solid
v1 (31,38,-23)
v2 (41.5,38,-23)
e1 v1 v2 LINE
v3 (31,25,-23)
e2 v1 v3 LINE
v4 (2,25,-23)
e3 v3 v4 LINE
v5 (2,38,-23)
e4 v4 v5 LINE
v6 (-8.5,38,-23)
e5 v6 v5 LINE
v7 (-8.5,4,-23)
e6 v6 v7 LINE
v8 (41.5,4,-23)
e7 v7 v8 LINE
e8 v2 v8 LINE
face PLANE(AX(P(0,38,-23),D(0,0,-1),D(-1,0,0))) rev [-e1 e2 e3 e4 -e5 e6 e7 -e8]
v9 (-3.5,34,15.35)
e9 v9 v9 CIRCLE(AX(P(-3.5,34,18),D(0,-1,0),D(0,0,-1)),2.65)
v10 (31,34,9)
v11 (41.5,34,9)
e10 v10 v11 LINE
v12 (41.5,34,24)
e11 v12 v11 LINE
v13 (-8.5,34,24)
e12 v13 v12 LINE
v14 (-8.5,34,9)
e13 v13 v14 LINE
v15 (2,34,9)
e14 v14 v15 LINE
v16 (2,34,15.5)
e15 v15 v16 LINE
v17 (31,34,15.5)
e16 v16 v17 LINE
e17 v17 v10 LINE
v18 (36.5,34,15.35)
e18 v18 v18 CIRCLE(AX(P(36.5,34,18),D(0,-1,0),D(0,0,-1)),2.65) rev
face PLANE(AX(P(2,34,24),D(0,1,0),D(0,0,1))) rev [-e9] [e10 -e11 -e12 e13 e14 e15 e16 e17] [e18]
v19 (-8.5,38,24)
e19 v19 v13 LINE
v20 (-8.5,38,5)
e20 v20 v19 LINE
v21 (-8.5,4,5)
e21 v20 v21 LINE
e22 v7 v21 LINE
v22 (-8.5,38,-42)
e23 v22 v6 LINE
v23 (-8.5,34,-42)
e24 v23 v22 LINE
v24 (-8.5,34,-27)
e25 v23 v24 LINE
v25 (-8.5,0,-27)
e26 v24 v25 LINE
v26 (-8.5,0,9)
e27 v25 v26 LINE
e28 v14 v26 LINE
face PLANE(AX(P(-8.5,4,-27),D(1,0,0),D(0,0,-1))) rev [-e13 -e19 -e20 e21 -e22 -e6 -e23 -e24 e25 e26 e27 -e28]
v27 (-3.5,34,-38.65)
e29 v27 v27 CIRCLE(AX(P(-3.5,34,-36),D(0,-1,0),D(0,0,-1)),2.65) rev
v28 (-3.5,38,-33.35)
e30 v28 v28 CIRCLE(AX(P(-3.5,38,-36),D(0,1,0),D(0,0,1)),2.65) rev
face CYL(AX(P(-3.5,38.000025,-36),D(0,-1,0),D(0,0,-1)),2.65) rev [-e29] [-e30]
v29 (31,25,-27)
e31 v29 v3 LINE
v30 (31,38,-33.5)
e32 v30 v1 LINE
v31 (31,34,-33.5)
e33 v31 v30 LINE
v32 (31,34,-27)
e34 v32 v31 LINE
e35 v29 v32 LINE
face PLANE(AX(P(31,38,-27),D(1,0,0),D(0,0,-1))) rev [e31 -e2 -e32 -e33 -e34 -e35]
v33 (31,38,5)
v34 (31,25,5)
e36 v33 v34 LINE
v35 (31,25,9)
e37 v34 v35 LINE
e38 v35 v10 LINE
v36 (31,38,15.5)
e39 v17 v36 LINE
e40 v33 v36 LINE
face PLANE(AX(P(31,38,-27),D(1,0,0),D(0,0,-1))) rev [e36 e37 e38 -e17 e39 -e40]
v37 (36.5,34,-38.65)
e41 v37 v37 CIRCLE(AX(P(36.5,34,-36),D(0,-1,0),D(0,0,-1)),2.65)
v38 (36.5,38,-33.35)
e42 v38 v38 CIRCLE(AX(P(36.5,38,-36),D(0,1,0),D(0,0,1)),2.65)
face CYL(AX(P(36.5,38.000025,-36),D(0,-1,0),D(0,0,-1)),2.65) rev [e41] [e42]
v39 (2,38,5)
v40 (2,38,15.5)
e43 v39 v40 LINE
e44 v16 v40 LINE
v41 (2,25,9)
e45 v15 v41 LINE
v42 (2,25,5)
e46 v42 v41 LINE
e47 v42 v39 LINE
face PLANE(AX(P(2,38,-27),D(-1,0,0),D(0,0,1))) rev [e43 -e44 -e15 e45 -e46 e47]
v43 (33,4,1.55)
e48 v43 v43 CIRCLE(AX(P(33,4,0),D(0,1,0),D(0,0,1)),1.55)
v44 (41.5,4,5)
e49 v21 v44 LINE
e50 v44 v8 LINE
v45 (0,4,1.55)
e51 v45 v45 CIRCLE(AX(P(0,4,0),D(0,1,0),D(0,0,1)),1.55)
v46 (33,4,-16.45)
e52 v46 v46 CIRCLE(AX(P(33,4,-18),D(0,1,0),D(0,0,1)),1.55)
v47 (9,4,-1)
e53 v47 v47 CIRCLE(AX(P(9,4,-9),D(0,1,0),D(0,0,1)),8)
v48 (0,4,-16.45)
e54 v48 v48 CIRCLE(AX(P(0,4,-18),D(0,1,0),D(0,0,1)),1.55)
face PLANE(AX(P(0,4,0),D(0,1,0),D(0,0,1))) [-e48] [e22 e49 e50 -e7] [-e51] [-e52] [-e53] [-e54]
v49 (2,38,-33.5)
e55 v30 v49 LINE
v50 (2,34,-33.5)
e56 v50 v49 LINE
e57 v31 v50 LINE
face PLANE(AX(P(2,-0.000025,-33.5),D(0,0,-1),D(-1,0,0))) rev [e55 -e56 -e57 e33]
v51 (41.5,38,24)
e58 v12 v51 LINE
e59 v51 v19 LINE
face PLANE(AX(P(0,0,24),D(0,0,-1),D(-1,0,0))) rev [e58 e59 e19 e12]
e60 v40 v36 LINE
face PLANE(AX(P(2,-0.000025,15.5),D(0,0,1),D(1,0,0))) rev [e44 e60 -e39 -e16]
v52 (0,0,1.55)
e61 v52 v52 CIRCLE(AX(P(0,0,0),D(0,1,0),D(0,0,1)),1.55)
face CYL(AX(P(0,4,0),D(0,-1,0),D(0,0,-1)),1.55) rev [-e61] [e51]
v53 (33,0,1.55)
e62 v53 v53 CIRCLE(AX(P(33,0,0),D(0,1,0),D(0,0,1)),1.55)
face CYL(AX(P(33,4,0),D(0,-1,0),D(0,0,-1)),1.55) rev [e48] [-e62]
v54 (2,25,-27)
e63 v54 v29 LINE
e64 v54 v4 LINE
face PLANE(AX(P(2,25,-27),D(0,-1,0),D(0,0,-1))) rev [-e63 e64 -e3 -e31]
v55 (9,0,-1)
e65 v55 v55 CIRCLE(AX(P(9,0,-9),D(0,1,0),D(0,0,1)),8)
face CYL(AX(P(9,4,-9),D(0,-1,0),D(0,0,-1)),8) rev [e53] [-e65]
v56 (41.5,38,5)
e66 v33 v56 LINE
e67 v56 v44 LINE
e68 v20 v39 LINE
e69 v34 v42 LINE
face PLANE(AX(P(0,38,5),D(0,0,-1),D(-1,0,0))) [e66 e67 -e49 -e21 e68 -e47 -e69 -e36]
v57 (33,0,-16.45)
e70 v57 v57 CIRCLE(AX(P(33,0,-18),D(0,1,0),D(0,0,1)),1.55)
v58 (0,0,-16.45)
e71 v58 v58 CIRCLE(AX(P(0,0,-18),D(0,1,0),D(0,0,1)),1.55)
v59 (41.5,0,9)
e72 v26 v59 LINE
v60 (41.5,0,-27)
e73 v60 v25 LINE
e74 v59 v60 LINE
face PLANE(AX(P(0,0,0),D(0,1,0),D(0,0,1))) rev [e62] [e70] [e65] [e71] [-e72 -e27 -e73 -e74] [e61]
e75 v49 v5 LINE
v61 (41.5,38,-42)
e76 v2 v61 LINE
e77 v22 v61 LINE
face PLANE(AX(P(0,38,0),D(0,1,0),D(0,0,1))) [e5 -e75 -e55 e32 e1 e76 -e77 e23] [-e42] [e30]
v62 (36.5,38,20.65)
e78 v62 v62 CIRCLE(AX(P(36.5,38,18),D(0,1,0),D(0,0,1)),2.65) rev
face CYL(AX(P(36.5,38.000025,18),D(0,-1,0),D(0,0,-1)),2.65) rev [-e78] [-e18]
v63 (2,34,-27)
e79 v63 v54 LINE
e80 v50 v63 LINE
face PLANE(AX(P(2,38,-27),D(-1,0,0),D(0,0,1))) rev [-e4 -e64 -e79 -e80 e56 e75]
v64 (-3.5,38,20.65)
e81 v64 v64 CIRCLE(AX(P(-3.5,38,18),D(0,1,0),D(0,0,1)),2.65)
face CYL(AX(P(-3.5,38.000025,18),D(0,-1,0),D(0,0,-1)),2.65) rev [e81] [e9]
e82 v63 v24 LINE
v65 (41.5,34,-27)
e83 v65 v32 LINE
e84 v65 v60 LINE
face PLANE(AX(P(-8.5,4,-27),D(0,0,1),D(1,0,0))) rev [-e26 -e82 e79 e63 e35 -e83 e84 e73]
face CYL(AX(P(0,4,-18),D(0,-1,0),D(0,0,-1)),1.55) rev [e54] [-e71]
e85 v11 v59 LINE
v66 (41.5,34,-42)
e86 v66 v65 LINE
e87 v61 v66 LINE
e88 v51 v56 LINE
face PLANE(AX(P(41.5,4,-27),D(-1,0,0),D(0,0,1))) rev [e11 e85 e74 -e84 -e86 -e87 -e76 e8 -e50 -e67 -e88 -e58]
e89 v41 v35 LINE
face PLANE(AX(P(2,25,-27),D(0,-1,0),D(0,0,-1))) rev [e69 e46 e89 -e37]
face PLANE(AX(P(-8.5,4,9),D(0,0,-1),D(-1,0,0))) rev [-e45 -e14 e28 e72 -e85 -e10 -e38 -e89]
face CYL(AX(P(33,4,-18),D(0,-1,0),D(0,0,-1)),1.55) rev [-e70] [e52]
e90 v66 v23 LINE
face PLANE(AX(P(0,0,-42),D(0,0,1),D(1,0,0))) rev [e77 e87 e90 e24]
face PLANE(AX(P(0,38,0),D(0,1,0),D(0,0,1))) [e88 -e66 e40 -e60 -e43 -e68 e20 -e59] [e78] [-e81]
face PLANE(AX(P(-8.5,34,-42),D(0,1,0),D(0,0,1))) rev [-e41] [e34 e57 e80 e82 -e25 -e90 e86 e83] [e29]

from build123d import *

# Parameters (mm, degrees)
SKETCH1_W           = 50
SKETCH1_H           = 36
SKETCH1_R           = 1.55
SKETCH1_R_2         = 8
BOSS_EXTRUDE1_DEPTH = 4
SKETCH2_W           = 50
SKETCH2_H           = 4
BOSS_EXTRUDE3_DEPTH = 34
SKETCH3_W           = 29
SKETCH3_H           = 13
CUT_EXTRUDE1_DEPTH  = 67.80007485
BOSS_EXTRUDE4_DEPTH = 15
SKETCH7_W           = 50
SKETCH7_H           = 4
BOSS_EXTRUDE5_DEPTH = 15
SKETCH9_W           = 29
SKETCH9_H           = 6.5
CUT_EXTRUDE2_DEPTH  = 71.215738976
SKETCH10_R          = 2.65
CUT_EXTRUDE3_DEPTH  = 69.134059031


with BuildPart() as part:
    # Sketch1 → Boss-Extrude1 (new body)
    with BuildSketch(Plane(origin=(0, 0, 0), x_dir=(1, 0, 0), z_dir=(0, 1, 0))):
        with Locations((16.5, 9)):
            Rectangle(SKETCH1_W, SKETCH1_H)
        with Locations(Location((0, 18, 0), (0, 0, 270))):
            Circle(SKETCH1_R, mode=Mode.SUBTRACT)
        with Locations(Location((0, 0, 0), (0, 0, 270))):
            Circle(SKETCH1_R, mode=Mode.SUBTRACT)
        with Locations(Location((33, 0, 0), (0, 0, 270))):
            Circle(SKETCH1_R, mode=Mode.SUBTRACT)
        with Locations(Location((33, 18, 0), (0, 0, 270))):
            Circle(SKETCH1_R, mode=Mode.SUBTRACT)
        with Locations(Location((9, 9, 0), (0, 0, 270))):
            Circle(SKETCH1_R_2, mode=Mode.SUBTRACT)
    extrude(amount=BOSS_EXTRUDE1_DEPTH)

    # Sketch2 → Boss-Extrude3 (add)
    with BuildSketch(Plane(origin=(0, 4, 0), x_dir=(1, 0, 0), z_dir=(0, 1, 0))):
        with Locations((16.5, -7)):
            Rectangle(SKETCH2_W, SKETCH2_H)
        with Locations((16.5, 25)):
            Rectangle(SKETCH2_W, SKETCH2_H)
    extrude(amount=BOSS_EXTRUDE3_DEPTH)

    # Sketch3 → Cut-Extrude1 (cut, through all)
    with BuildSketch(Plane.XY.offset(9)):
        with Locations((16.5, 31.5)):
            Rectangle(SKETCH3_W, SKETCH3_H)
    extrude(amount=-CUT_EXTRUDE1_DEPTH, mode=Mode.SUBTRACT)

    # Sketch6 → Boss-Extrude4 (add)
    with BuildSketch(Plane.XY.offset(9)):
        Polygon((31, 38), (41.5, 38), (41.5, 34), (2, 34), (-8.5, 34), (-8.5, 38), align=None)
    extrude(amount=BOSS_EXTRUDE4_DEPTH)

    # Sketch7 → Boss-Extrude5 (add)
    with BuildSketch(Plane(origin=(0, 0, -27), x_dir=(-1, 0, 0), z_dir=(0, 0, -1))):
        with Locations((-16.5, 36)):
            Rectangle(SKETCH7_W, SKETCH7_H)
    extrude(amount=BOSS_EXTRUDE5_DEPTH)

    # Sketch9 → Cut-Extrude2 (cut, through all)
    with BuildSketch(Plane(origin=(0, 38, 0), x_dir=(1, 0, 0), z_dir=(0, 1, 0))):
        with Locations((16.5, 30.25)):
            Rectangle(SKETCH9_W, SKETCH9_H)
        with Locations((16.5, -12.25)):
            Rectangle(SKETCH9_W, SKETCH9_H)
    extrude(amount=-CUT_EXTRUDE2_DEPTH, mode=Mode.SUBTRACT)

    # Sketch10 → Cut-Extrude3 (cut, through all)
    with BuildSketch(Plane.XZ.offset(-34)):
        with Locations(Location((36.5, -36, 0), (0, 0, 270))):
            Circle(SKETCH10_R)
        with Locations(Location((-3.5, -36, 0), (0, 0, 270))):
            Circle(SKETCH10_R)
        with Locations(Location((-3.5, 18, 0), (0, 0, 270))):
            Circle(SKETCH10_R)
        with Locations(Location((36.5, 18, 0), (0, 0, 270))):
            Circle(SKETCH10_R)
    extrude(amount=-CUT_EXTRUDE3_DEPTH, mode=Mode.SUBTRACT)


solid = part.part
